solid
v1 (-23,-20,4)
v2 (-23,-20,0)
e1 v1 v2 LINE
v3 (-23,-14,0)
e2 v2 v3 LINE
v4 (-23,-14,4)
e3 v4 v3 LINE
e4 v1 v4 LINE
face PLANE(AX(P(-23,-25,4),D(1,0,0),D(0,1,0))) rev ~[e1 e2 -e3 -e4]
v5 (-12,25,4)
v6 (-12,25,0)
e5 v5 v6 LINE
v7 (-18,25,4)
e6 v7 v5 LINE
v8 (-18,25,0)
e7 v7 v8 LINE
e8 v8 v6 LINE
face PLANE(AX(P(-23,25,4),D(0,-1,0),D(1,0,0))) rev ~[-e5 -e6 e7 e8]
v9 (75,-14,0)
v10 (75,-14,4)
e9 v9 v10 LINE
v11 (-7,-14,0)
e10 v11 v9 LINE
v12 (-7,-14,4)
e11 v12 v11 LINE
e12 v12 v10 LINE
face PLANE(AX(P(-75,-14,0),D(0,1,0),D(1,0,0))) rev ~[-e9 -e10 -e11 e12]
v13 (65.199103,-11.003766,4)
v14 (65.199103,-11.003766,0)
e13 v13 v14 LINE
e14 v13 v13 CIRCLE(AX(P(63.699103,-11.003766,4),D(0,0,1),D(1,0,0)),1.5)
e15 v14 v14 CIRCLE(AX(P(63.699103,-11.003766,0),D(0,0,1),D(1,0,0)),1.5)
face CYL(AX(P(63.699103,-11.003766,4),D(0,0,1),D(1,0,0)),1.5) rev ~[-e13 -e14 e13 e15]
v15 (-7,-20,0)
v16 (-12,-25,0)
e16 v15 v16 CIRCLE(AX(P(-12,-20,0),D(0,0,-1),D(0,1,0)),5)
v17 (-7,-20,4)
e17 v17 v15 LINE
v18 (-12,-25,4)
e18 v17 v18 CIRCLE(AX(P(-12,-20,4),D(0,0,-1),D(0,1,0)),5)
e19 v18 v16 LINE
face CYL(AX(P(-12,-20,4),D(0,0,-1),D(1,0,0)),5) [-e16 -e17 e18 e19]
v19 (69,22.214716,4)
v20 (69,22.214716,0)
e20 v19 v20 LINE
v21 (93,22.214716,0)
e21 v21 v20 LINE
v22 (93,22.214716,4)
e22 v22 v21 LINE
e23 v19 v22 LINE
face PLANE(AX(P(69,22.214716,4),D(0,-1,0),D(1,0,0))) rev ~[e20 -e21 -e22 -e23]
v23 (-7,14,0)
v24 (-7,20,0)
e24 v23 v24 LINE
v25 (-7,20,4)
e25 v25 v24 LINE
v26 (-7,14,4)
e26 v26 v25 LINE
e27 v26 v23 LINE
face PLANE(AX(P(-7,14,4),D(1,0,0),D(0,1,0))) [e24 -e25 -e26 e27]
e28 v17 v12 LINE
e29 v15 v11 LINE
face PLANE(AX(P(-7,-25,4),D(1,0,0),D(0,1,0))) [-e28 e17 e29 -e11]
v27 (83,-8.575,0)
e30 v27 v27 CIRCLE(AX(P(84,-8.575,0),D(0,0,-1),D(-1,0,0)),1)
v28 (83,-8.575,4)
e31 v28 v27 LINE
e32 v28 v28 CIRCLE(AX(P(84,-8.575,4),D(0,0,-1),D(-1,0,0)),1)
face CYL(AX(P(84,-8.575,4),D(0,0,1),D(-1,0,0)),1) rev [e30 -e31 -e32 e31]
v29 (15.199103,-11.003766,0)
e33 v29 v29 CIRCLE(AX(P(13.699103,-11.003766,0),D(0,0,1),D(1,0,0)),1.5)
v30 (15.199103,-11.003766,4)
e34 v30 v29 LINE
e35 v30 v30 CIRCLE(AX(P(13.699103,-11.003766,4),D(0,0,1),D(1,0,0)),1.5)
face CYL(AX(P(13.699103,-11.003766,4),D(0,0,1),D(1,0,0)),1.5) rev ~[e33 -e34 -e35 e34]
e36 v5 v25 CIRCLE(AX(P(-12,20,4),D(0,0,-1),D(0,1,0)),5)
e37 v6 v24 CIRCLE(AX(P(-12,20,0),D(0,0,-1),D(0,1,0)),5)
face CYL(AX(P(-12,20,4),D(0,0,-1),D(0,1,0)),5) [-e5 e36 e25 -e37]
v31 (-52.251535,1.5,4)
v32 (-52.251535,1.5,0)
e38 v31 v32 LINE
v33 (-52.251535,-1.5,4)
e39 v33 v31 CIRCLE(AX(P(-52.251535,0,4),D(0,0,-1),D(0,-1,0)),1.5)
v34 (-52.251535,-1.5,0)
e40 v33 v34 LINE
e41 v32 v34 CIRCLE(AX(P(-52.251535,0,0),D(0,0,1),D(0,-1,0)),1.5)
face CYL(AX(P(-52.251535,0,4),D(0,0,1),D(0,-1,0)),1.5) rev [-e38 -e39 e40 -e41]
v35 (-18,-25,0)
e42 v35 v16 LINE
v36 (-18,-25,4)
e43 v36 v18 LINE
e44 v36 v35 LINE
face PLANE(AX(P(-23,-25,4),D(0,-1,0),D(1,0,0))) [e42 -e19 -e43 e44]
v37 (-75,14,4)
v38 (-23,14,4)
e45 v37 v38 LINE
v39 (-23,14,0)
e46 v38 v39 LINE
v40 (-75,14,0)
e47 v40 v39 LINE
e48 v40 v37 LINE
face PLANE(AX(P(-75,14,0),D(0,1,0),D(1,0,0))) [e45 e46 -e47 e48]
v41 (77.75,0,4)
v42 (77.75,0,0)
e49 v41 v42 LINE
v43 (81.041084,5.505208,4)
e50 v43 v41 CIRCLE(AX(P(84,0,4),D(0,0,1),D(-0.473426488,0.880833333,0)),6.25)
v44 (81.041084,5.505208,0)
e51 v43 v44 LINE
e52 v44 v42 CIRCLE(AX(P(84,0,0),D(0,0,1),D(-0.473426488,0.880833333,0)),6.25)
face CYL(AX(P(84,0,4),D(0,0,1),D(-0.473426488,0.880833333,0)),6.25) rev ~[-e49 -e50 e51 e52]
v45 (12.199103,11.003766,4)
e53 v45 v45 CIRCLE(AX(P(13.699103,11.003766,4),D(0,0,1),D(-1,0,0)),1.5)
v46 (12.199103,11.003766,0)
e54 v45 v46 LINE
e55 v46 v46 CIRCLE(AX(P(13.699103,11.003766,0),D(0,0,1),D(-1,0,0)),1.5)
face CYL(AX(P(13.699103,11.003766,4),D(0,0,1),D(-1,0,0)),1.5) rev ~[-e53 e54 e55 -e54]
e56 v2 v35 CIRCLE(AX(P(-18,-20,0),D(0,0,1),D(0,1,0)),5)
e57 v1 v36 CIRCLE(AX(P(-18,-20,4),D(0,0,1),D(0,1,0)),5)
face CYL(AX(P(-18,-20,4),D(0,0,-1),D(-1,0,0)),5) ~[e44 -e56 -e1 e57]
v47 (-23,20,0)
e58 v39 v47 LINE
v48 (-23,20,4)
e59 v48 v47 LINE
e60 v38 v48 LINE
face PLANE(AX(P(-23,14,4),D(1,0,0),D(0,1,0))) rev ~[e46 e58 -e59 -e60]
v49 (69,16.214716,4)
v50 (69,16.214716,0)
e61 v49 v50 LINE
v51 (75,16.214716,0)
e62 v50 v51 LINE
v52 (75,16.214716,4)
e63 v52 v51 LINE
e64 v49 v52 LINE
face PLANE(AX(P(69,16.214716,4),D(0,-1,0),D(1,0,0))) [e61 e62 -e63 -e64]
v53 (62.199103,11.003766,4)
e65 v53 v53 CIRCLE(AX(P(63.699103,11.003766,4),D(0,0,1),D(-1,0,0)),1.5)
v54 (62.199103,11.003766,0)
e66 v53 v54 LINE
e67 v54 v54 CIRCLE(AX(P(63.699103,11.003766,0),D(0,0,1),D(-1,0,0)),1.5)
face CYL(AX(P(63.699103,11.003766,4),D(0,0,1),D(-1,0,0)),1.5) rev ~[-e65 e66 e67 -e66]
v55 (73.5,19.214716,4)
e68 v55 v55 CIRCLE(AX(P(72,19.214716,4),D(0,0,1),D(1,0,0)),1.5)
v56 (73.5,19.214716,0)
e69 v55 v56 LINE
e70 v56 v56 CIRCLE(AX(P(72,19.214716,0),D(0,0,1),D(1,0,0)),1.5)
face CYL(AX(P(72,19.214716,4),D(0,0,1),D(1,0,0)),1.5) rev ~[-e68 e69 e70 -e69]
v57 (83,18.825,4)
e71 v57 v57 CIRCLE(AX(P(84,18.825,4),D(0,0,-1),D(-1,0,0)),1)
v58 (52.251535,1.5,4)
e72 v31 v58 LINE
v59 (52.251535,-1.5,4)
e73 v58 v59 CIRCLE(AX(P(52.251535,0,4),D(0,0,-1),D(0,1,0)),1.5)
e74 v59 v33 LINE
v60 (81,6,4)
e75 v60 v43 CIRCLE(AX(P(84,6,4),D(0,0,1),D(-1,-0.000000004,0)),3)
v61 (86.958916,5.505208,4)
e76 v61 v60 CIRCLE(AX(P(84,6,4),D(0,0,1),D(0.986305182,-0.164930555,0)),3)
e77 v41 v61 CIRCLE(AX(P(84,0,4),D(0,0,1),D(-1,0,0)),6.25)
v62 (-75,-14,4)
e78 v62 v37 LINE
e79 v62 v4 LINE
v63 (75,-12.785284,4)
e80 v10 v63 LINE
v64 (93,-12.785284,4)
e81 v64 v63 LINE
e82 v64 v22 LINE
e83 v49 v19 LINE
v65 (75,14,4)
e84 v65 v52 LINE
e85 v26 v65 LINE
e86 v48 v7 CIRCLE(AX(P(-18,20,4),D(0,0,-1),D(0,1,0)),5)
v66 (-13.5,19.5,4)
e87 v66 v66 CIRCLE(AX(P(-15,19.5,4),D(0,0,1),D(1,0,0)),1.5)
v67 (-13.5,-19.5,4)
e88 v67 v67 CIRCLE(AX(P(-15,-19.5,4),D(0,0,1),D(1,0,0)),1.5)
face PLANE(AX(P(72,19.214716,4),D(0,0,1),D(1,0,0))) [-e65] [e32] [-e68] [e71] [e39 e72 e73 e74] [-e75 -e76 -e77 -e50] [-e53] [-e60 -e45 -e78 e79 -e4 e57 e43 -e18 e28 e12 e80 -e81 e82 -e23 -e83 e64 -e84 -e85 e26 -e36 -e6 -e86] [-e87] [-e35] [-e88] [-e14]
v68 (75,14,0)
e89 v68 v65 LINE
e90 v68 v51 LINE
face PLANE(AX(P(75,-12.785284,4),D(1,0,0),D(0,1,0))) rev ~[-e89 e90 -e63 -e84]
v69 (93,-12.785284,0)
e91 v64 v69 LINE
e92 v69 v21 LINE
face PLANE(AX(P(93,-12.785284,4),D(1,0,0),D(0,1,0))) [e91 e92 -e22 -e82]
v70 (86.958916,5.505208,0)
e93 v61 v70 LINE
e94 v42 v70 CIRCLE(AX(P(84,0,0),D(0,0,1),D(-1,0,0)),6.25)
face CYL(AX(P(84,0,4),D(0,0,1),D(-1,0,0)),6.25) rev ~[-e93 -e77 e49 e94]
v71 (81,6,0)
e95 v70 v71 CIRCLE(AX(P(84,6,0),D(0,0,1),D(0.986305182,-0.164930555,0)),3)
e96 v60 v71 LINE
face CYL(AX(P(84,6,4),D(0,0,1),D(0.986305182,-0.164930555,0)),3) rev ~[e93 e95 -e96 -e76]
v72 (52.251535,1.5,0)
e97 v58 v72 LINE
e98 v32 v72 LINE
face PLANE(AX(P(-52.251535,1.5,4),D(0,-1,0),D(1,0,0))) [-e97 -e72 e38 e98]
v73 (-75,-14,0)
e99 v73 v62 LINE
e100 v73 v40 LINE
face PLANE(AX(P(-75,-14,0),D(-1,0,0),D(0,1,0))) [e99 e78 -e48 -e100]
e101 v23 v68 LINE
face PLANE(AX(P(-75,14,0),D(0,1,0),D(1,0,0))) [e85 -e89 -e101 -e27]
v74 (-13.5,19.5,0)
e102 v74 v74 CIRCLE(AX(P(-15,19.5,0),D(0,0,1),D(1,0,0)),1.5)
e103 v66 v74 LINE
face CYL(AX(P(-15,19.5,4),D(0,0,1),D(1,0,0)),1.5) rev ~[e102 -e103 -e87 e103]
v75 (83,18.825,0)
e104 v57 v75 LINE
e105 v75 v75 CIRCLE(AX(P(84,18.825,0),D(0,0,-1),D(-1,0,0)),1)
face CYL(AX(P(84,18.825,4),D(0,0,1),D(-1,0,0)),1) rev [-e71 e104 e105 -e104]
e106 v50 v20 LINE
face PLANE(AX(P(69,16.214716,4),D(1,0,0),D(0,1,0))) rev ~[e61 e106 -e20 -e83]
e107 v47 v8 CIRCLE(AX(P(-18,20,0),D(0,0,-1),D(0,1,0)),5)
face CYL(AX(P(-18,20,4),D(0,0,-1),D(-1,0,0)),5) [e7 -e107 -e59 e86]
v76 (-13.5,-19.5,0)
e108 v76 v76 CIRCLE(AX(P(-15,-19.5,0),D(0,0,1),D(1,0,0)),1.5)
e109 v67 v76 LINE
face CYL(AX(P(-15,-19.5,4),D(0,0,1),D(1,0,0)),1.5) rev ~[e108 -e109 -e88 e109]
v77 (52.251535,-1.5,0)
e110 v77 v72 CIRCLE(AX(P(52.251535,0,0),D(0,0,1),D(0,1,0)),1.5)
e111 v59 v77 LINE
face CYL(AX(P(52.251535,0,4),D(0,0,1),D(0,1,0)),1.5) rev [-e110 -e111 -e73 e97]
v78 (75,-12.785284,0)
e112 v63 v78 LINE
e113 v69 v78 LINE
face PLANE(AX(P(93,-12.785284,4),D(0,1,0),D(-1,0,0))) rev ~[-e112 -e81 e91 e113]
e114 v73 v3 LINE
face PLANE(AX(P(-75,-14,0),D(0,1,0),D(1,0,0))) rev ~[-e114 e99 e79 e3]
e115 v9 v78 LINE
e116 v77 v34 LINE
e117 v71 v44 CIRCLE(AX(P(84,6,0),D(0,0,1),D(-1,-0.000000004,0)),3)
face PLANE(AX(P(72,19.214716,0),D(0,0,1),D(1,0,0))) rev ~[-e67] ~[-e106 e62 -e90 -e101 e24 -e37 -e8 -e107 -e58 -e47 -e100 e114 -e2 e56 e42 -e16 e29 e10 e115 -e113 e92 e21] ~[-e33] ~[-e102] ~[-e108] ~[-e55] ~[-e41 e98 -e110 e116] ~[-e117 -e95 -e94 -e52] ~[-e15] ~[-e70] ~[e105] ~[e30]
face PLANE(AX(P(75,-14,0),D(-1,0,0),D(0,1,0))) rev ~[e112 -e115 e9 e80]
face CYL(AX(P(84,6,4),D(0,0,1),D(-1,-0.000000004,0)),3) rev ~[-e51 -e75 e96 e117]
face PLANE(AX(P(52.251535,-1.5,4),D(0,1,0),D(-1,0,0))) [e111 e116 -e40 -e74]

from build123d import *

# Parameters (mm, degrees)
SKETCH_1_W          = 150
SKETCH_1_H          = 28
EXTRUDE_1_DEPTH     = 4
CUT_EXTRUDE_1_DEPTH = 77.40026178
SKETCH_4_R          = 1.5
CUT_EXTRUDE_2_DEPTH = 77.40026178
EXTRUDE_START       = -4
SKETCH_5_W          = 18
SKETCH_5_H          = 35
SKETCH_5_R          = 1
EXTRUDE_3_DEPTH     = 4
SKETCH_7_W          = 6
SKETCH_7_H          = 6
SKETCH_7_R          = 1.5
EXTRUDE_4_DEPTH     = 4
SKETCH_3_W          = 16
SKETCH_3_H          = 10
SKETCH_3_H_2        = 11
SKETCH_3_R          = 1.5
EXTRUDE_2_DEPTH     = 4
FILLET_1_R          = 5


with BuildPart() as part:
    # Эскиз1 → Бобышка-Вытянуть1 (new body)
    with BuildSketch(Plane.XY):
        Rectangle(SKETCH_1_W, SKETCH_1_H)
    extrude(amount=EXTRUDE_1_DEPTH)

    # Эскиз2 → Вырез-Вытянуть1 (cut, through all)
    with BuildSketch(Plane.XY.offset(4)):
        with BuildLine():
            Line((-52.251534571, 1.5), (52.251534571, 1.5))
            ThreePointArc((52.251534571, 1.5), (53.751534571, 0), (52.251534571, -1.5))
            Line((52.251534571, -1.5), (-52.251534571, -1.5))
            ThreePointArc((-52.251534571, -1.5), (-53.751534571, 0), (-52.251534571, 1.5))
        make_face()
    extrude(amount=-CUT_EXTRUDE_1_DEPTH, mode=Mode.SUBTRACT)

    # Эскиз4 → Вырез-Вытянуть2 (cut, through all)
    with BuildSketch(Plane.XY.offset(4)):
        with Locations((13.699103215, -11.003765504)):
            Circle(SKETCH_4_R)
        with Locations((63.699103215, -11.003765504)):
            Circle(SKETCH_4_R)
        with Locations(Location((63.699103215, 11.003765504, 0), (0, 0, 180))):
            Circle(SKETCH_4_R)
        with Locations(Location((13.699103215, 11.003765504, 0), (0, 0, 180))):
            Circle(SKETCH_4_R)
    extrude(amount=-CUT_EXTRUDE_2_DEPTH, mode=Mode.SUBTRACT)

    # Эскиз5 → Бобышка-Вытянуть3 (add)
    with BuildSketch(Plane(origin=(0, 0, 0), x_dir=(-1, 0, 0), z_dir=(0, 0, -1)).offset(EXTRUDE_START)):
        with Locations((-84, 4.714716343)):
            Rectangle(SKETCH_5_W, SKETCH_5_H)
        with Locations((-84, -8.575)):
            Circle(SKETCH_5_R, mode=Mode.SUBTRACT)
        with BuildLine():
            ThreePointArc((-81.041084454, 5.505208333), (-78.635499923, 3.206967246), (-77.75, 0))
            ThreePointArc((-77.75, 0), (-87.206967246, -5.364500077), (-86.958915546, 5.505208333))
            ThreePointArc((-86.958915546, 5.505208333), (-84.248247218, 8.989711243), (-81, 6))
            ThreePointArc((-81, 6), (-81.010288757, 5.751752782), (-81.041084454, 5.505208333))
        make_face(mode=Mode.SUBTRACT)
        with Locations((-84, 18.825)):
            Circle(SKETCH_5_R, mode=Mode.SUBTRACT)
    extrude(amount=EXTRUDE_3_DEPTH)

    # Эскиз7 → Бобышка-Вытянуть4 (add)
    with BuildSketch(Plane.XY.offset(4)):
        with Locations((72, 19.214716343)):
            Rectangle(SKETCH_7_W, SKETCH_7_H)
        with Locations((72, 19.214716343)):
            Circle(SKETCH_7_R, mode=Mode.SUBTRACT)
    extrude(amount=-EXTRUDE_4_DEPTH)

    # Эскиз3 → Бобышка-Вытянуть2 (add)
    # profile 1 of 4: a face of its own
    with BuildSketch(Plane.XY.offset(4)):
        with Locations((-15, 9)):
            Rectangle(SKETCH_3_W, SKETCH_3_H)
    # profile 2 of 4: a face of its own
    with BuildSketch(Plane.XY.offset(4)):
        with Locations((-15, 19.5)):
            Rectangle(SKETCH_3_W, SKETCH_3_H_2)
        with Locations((-15, 19.5)):
            Circle(SKETCH_3_R, mode=Mode.SUBTRACT)
    # profile 3 of 4: a face of its own
    with BuildSketch(Plane.XY.offset(4)):
        with Locations((-15, -9)):
            Rectangle(SKETCH_3_W, SKETCH_3_H)
    # profile 4 of 4: a face of its own
    with BuildSketch(Plane.XY.offset(4)):
        with Locations((-15, -19.5)):
            Rectangle(SKETCH_3_W, SKETCH_3_H_2)
        with Locations((-15, -19.5)):
            Circle(SKETCH_3_R, mode=Mode.SUBTRACT)
    extrude(amount=-EXTRUDE_2_DEPTH)

    # Скругление1
    fillet_1_edges = [part.edges().sort_by_distance(p)[0] for p in [
        (-23, -25, 2),
        (-7, -25, 2),
        (-7, 25, 2),
        (-23, 25, 2),
    ]]
    fillet(fillet_1_edges, radius=FILLET_1_R)


solid = part.part
